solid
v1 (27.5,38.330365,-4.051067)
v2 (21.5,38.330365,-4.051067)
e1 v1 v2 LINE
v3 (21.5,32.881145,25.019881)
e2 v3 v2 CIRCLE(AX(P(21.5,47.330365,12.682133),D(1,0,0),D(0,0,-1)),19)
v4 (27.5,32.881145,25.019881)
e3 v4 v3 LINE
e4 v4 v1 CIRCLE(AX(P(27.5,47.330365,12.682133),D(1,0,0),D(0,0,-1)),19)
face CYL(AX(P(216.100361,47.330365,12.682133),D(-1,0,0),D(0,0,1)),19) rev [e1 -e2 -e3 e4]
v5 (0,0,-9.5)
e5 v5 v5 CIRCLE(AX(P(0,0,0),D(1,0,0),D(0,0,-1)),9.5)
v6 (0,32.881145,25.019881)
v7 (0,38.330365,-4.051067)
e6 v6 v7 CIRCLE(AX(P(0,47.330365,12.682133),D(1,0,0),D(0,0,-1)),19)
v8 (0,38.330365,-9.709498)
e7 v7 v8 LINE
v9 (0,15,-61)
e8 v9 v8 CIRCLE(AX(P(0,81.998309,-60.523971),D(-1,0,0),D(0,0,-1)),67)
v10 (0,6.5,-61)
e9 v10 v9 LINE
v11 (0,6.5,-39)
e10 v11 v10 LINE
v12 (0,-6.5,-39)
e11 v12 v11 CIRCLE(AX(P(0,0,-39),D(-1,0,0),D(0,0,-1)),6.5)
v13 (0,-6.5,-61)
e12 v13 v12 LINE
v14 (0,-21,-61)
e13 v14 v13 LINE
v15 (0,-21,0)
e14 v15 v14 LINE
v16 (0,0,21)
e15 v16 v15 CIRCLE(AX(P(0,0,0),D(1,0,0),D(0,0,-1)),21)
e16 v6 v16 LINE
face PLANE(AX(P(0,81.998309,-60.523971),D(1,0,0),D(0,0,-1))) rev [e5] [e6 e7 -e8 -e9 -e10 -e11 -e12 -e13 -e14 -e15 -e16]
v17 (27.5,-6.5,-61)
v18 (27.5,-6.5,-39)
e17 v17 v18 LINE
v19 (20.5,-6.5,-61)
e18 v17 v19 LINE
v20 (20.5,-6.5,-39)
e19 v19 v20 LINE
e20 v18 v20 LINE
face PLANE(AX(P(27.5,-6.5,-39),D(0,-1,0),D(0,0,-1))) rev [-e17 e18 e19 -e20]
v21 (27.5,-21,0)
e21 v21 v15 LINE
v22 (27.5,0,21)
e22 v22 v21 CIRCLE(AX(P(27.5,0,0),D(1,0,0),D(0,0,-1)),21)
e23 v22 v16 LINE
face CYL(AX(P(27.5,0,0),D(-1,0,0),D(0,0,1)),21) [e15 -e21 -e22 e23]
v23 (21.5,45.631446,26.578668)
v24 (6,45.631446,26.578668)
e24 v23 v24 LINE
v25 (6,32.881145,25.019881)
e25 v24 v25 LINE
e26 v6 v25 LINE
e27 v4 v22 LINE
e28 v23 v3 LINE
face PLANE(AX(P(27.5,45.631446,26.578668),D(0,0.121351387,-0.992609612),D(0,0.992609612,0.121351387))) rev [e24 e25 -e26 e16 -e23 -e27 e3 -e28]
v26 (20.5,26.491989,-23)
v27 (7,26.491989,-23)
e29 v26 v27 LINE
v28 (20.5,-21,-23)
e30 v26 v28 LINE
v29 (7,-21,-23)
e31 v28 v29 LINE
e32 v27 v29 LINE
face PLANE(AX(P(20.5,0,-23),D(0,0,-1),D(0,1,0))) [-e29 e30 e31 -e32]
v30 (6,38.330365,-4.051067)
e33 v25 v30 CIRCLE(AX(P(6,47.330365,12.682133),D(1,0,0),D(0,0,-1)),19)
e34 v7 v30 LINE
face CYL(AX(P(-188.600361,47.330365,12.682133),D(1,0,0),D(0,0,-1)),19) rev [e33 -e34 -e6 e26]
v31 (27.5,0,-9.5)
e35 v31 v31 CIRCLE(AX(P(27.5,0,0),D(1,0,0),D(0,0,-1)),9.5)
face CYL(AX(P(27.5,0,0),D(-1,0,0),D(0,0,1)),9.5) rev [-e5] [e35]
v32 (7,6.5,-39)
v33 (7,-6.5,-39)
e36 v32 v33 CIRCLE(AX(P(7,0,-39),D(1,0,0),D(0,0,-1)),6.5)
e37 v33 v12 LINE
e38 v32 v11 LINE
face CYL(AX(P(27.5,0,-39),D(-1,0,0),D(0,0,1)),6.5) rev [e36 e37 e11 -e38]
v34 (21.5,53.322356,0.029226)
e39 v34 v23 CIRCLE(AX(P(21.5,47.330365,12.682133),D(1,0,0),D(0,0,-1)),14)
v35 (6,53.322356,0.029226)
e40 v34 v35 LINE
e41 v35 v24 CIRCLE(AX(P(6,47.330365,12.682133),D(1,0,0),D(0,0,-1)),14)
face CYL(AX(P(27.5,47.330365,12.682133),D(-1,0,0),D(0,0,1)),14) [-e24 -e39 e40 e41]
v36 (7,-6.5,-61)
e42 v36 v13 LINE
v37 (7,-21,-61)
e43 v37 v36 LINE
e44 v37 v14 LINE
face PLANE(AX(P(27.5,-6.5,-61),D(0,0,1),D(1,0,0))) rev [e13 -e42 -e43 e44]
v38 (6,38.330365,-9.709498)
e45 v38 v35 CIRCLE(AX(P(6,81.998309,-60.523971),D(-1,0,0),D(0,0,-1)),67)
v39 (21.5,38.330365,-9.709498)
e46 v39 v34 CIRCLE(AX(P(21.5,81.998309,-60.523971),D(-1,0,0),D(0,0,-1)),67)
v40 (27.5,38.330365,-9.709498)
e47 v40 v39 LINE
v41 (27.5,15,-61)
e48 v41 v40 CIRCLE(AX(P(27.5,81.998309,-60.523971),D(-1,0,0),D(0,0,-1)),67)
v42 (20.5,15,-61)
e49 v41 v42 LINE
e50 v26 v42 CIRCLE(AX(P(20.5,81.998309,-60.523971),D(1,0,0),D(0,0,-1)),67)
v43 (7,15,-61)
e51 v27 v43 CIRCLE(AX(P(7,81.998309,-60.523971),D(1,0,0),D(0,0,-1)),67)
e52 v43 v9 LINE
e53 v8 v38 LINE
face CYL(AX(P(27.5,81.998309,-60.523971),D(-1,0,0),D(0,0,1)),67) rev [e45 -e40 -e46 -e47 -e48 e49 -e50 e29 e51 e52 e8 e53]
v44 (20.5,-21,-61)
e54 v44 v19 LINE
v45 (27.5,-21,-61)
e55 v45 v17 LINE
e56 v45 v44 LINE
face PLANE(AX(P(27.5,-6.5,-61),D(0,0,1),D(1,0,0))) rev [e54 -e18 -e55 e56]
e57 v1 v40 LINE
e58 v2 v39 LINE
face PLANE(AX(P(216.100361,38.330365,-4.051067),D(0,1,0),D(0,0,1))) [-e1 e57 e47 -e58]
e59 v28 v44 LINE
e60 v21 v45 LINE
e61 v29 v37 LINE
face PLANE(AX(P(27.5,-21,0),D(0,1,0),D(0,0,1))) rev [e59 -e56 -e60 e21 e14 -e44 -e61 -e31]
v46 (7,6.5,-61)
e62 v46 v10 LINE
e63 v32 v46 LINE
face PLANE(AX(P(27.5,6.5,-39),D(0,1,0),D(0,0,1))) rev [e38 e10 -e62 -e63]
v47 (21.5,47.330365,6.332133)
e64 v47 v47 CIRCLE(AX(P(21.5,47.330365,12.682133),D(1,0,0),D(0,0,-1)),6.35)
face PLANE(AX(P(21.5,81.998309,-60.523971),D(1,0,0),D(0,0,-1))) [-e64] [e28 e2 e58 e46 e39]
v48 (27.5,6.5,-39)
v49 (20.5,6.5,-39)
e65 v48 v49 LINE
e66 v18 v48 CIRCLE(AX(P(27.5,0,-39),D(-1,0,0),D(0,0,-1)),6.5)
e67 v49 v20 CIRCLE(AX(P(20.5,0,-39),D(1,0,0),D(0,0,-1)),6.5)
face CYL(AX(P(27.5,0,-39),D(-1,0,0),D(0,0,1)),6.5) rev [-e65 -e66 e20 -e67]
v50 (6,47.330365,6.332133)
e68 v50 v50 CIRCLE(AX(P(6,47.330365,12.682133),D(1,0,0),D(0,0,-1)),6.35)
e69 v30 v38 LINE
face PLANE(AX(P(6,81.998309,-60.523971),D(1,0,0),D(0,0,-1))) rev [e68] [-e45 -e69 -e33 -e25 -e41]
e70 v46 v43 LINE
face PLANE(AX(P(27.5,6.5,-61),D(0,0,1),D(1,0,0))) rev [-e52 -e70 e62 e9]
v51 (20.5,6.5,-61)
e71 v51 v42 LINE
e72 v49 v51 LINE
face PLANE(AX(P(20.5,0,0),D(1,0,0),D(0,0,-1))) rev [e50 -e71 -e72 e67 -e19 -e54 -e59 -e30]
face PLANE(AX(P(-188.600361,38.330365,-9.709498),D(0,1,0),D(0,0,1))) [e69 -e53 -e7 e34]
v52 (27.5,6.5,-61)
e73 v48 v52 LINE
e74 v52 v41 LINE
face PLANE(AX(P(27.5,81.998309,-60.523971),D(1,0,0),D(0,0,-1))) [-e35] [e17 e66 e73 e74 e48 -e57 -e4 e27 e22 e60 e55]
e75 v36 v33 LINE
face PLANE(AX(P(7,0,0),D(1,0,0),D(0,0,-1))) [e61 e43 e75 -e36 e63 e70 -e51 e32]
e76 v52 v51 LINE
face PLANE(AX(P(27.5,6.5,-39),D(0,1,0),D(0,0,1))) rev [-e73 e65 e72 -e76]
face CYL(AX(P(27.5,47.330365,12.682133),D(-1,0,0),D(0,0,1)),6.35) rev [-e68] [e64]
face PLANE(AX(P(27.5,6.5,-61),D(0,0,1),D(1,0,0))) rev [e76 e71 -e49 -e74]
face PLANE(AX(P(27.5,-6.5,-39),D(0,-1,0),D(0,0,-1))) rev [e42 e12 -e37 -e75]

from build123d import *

# Parameters (mm, degrees)
SKETCH1_R               = 9.5
SKETCH1_R_2             = 6.35
BOSS_EXTRUDE1_DEPTH     = 27.5
CUT_EXTRUDE2_DEPTH      = 91.767085063
CUT_EXTRUDE2_DEPTH_BACK = 6
CUT_EXTRUDE3_DEPTH      = 91.767085063
CUT_EXTRUDE3_DEPTH_BACK = 6
CUT_EXTRUDE5_DEPTH      = 6.75
CUT_EXTRUDE5_DEPTH_BACK = 6.75


with BuildPart() as part:
    # Sketch1 → Boss-Extrude1 (new body)
    with BuildSketch(Plane(origin=(0, 0, 0), x_dir=(0, 0, -1), z_dir=(1, 0, 0))):
        with BuildLine():
            Line((39, 6.5), (61, 6.5))
            Line((61, 6.5), (61, 15))
            ThreePointArc((61, 15), (24.894386745, 25.257382556), (-0.029226303, 53.322355709))
            ThreePointArc((-0.029226303, 53.322355709), (-16.577537576, 60.777514808), (-26.578667772, 45.631446077))
            Line((-26.578667772, 45.631446077), (-21, 0))
            ThreePointArc((-21, 0), (-14.849242405, -14.849242405), (0, -21))
            Line((0, -21), (61, -21))
            Line((61, -21), (61, -6.5))
            Line((61, -6.5), (39, -6.5))
            ThreePointArc((39, -6.5), (32.5, 0), (39, 6.5))
        make_face()
        Circle(SKETCH1_R, mode=Mode.SUBTRACT)
        with Locations((-12.68213321, 47.330365488)):
            Circle(SKETCH1_R_2, mode=Mode.SUBTRACT)
    extrude(amount=BOSS_EXTRUDE1_DEPTH)

    # Sketch4 → Cut-Extrude2 (cut, two sides: drawn at the far end of the back side and taken through both)
    with BuildSketch(Plane.ZY.offset(-CUT_EXTRUDE2_DEPTH_BACK)):
        with BuildLine():
            Line((-222.712922977, 38.330365488), (-9.709497533, 38.330365488))
            Line((-9.709497533, 38.330365488), (-4.051067321, 38.330365488))
            ThreePointArc((-4.051067321, 38.330365488), (9.181632836, 28.655609877), (25.019880988, 32.881144756))
            Line((25.019880988, 32.881144756), (187.005855245, 171.196015234))
            Line((187.005855245, 171.196015234), (55.595163053, 576.428130178))
            Line((55.595163053, 576.428130178), (-354.123615169, 443.562480432))
            Line((-354.123615169, 443.562480432), (-222.712922977, 38.330365488))
        make_face()
    extrude(amount=CUT_EXTRUDE2_DEPTH + CUT_EXTRUDE2_DEPTH_BACK, mode=Mode.SUBTRACT)

    # Sketch6 → Cut-Extrude3 (cut, two sides: drawn at the far end of the back side and taken through both)
    with BuildSketch(Plane(origin=(27.5, 0, 0), x_dir=(0, 0, -1), z_dir=(1, 0, 0)).offset(-CUT_EXTRUDE3_DEPTH_BACK)):
        with BuildLine():
            Line((-187.005855245, 171.196015234), (-25.019880988, 32.881144756))
            ThreePointArc((-25.019880988, 32.881144756), (-9.181632836, 28.655609877), (4.051067321, 38.330365488))
            Line((4.051067321, 38.330365488), (9.709497533, 38.330365488))
            Line((9.709497533, 38.330365488), (222.712922977, 38.330365488))
            Line((222.712922977, 38.330365488), (354.123615169, 443.562480432))
            Line((354.123615169, 443.562480432), (-55.595163053, 576.428130178))
            Line((-55.595163053, 576.428130178), (-187.005855245, 171.196015234))
        make_face()
    extrude(amount=CUT_EXTRUDE3_DEPTH + CUT_EXTRUDE3_DEPTH_BACK, mode=Mode.SUBTRACT)

    # Sketch12 → Cut-Extrude5 (cut, two sides: drawn at the far end of the back side and taken through both)
    with BuildSketch(Plane(origin=(13.75, 0, 0), x_dir=(0, 0, -1), z_dir=(1, 0, 0)).offset(-CUT_EXTRUDE5_DEPTH_BACK)):
        with BuildLine():
            ThreePointArc((61, 15), (41.129282246, 17.866834211), (23, 26.491988568))
            Line((23, 26.491988568), (23, -21))
            Line((23, -21), (61, -21))
            Line((61, -21), (61, -6.5))
            Line((61, -6.5), (39, -6.5))
            ThreePointArc((39, -6.5), (32.5, 0), (39, 6.5))
            Line((39, 6.5), (61, 6.5))
            Line((61, 6.5), (61, 15))
        make_face()
    extrude(amount=CUT_EXTRUDE5_DEPTH + CUT_EXTRUDE5_DEPTH_BACK, mode=Mode.SUBTRACT)


solid = part.part
